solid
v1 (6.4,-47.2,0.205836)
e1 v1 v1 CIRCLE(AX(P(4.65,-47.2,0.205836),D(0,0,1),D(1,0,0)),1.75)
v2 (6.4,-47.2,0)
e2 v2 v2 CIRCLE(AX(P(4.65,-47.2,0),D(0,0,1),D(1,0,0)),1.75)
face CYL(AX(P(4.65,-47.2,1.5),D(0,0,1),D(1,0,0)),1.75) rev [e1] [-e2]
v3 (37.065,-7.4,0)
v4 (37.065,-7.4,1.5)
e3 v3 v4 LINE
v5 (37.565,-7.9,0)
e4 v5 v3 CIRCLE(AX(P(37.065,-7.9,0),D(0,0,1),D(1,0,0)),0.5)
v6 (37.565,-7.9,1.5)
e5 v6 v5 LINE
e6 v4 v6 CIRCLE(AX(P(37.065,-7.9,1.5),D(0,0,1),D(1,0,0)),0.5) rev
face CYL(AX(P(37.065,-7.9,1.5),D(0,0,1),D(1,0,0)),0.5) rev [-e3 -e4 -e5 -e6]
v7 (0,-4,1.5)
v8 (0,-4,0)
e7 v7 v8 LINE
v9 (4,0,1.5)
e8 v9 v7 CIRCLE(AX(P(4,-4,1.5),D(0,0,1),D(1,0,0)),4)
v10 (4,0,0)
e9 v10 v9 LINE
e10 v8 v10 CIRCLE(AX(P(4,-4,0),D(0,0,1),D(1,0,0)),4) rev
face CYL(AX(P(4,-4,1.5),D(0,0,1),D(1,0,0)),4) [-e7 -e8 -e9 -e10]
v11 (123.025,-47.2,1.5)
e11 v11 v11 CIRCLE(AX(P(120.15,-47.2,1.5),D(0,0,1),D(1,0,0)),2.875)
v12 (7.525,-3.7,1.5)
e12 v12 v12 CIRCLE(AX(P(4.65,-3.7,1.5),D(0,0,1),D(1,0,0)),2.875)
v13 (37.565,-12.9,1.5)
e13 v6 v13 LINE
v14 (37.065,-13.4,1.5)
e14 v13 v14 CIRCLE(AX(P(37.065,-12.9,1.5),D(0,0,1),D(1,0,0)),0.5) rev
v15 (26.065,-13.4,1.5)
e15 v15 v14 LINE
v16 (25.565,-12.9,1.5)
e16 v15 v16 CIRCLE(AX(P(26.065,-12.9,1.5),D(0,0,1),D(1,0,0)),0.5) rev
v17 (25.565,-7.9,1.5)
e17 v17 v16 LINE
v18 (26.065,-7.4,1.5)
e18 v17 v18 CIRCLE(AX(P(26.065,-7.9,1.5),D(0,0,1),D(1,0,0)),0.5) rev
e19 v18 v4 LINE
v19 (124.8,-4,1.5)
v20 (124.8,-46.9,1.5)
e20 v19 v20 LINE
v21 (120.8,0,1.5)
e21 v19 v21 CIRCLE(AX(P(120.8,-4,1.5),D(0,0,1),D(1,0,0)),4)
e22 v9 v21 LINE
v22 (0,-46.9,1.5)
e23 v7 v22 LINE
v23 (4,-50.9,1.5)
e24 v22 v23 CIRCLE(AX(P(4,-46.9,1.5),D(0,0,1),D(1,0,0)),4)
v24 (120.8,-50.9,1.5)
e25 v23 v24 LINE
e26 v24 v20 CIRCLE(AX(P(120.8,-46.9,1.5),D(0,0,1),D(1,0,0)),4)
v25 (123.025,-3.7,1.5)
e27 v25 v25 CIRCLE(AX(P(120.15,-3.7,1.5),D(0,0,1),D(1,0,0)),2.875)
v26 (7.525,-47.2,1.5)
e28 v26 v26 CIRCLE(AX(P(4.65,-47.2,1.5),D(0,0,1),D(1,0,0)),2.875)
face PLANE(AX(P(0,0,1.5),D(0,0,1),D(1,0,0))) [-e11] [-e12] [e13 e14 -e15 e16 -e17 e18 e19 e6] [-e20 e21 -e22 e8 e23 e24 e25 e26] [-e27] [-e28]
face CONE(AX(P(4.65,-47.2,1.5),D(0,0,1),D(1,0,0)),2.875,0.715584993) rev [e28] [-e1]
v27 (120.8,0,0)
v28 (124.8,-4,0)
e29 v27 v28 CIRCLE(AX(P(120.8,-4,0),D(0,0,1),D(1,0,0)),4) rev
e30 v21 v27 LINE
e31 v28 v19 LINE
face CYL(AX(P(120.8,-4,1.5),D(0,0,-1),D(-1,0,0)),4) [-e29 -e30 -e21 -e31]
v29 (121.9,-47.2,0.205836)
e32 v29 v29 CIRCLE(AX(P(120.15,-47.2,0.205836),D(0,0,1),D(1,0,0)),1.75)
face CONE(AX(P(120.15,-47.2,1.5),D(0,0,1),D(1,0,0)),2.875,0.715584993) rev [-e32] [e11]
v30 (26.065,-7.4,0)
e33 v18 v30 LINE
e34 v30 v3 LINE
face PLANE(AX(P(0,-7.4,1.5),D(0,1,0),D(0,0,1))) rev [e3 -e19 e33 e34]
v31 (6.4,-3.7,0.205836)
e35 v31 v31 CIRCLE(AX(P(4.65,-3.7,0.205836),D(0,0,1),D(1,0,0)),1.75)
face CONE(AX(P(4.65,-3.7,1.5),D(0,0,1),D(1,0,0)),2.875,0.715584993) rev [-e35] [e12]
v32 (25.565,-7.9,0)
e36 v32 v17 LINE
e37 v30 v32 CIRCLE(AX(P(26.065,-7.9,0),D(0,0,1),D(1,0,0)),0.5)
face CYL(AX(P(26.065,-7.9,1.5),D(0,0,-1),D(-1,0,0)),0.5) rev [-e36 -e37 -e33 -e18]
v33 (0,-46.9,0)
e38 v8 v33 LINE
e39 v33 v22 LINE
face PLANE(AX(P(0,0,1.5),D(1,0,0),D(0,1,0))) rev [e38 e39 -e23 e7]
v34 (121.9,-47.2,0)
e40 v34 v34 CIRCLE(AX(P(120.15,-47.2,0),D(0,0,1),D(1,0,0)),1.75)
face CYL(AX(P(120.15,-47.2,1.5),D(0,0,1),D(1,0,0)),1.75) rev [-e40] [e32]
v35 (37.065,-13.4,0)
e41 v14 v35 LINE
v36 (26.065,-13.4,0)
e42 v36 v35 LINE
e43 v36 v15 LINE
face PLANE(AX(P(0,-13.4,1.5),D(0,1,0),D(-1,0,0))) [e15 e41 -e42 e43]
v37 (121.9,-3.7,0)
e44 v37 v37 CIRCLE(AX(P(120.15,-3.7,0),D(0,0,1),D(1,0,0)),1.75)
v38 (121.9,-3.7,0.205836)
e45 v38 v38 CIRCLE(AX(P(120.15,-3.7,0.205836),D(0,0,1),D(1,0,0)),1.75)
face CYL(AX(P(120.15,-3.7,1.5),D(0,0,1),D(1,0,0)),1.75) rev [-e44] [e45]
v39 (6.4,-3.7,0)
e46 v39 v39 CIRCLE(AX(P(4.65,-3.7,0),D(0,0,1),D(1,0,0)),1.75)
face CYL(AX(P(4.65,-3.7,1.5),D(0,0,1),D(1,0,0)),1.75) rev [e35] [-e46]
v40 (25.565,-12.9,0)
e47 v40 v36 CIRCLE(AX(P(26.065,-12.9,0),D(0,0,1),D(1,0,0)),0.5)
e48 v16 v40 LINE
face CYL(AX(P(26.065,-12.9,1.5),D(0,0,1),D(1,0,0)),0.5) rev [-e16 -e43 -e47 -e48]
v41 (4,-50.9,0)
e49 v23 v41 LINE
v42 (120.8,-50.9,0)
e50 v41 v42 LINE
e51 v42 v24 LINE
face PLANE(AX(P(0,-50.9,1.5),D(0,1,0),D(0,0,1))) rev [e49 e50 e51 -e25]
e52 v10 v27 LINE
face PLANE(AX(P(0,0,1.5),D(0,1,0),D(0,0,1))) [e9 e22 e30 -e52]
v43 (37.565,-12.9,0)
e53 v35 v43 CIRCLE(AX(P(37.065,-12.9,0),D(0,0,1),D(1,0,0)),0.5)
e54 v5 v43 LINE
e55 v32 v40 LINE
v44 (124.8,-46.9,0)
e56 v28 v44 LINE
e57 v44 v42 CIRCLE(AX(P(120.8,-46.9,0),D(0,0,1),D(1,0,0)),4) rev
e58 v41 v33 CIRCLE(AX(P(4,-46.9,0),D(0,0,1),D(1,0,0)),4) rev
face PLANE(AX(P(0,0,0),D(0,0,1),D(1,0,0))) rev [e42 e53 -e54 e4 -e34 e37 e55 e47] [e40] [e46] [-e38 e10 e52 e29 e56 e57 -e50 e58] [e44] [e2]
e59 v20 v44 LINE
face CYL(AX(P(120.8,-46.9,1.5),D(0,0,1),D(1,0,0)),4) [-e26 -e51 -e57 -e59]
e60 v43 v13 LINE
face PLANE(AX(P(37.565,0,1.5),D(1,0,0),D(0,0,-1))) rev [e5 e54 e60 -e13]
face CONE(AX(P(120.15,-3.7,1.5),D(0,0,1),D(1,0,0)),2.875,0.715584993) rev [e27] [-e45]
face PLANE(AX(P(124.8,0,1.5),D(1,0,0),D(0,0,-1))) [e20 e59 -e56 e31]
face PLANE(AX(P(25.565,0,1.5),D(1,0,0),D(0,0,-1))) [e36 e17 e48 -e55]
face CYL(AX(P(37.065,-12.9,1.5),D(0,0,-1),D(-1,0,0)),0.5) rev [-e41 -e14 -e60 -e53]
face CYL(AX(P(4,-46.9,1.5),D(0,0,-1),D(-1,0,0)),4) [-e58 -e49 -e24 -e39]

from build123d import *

# Parameters (mm, degrees)
SKETCH1_W                                      = 124.8
SKETCH1_H                                      = 50.9
SKETCH1_W_2                                    = 12
SKETCH1_H_2                                    = 6
BOSS_EXTRUDE1_DEPTH                            = 1.5
CSK_FOR_M3_5_FLAT_HEAD_MACHINE_SCREW1_AT_COUNT = 2
CSK_FOR_M3_5_FLAT_HEAD_MACHINE_SCREW1_AT_PITCH = 115.5
CSK_FOR_M3_5_FLAT_HEAD_MACHINE_SCREW_2_COUNT   = 2
CSK_FOR_M3_5_FLAT_HEAD_MACHINE_SCREW_2_PITCH   = 123.420014584
CSK_FOR_M3_5_FLAT_HEAD_MACHINE_SCREW_3_COUNT   = 2
CSK_FOR_M3_5_FLAT_HEAD_MACHINE_SCREW_3_PITCH   = 43.5
FILLET2_R                                      = 4
FILLET3_R                                      = 0.5


with BuildPart() as part:
    # Sketch1 → Boss-Extrude1 (new body)
    with BuildSketch(Plane.XY):
        with Locations((62.4, -25.45)):
            Rectangle(SKETCH1_W, SKETCH1_H)
        with Locations((31.565, -10.4)):
            Rectangle(SKETCH1_W_2, SKETCH1_H_2, mode=Mode.SUBTRACT)
    extrude(amount=BOSS_EXTRUDE1_DEPTH)

    # Sketch2 → CSK for M3.5 Flat Head Machine Screw1 (revolve, cut)
    with BuildSketch(Plane(origin=(4.65, -3.7, 1.5), x_dir=(0, -1, 0), z_dir=(1, 0, 0))):
        Polygon((0, 0), (0, 1.5), (1.75, 1.5), (1.75, 1.294164458), (2.875, 0), align=None)
    csk_for_m3_5_flat_head_machine_screw1 = revolve(axis=Axis((4.65, -3.7, 7.85), (0, 0, -1)), mode=Mode.SUBTRACT)

    # CSK for M3.5 Flat Head Machine Screw1 at: CSK for M3.5 Flat Head Machine Screw1 ×2
    with Locations(*[(i * CSK_FOR_M3_5_FLAT_HEAD_MACHINE_SCREW1_AT_PITCH, 0, 0) for i in range(1, CSK_FOR_M3_5_FLAT_HEAD_MACHINE_SCREW1_AT_COUNT)]):
        add(csk_for_m3_5_flat_head_machine_screw1, mode=Mode.SUBTRACT)

    # CSK for M3.5 Flat Head Machine Screw 2: CSK for M3.5 Flat Head Machine Screw1 ×2
    with Locations(*[Vector(0.935828766, -0.35245499, 0) * (i * CSK_FOR_M3_5_FLAT_HEAD_MACHINE_SCREW_2_PITCH) for i in range(1, CSK_FOR_M3_5_FLAT_HEAD_MACHINE_SCREW_2_COUNT)]):
        add(csk_for_m3_5_flat_head_machine_screw1, mode=Mode.SUBTRACT)

    # CSK for M3.5 Flat Head Machine Screw 3: CSK for M3.5 Flat Head Machine Screw1 ×2
    with Locations(*[(0, -i * CSK_FOR_M3_5_FLAT_HEAD_MACHINE_SCREW_3_PITCH, 0) for i in range(1, CSK_FOR_M3_5_FLAT_HEAD_MACHINE_SCREW_3_COUNT)]):
        add(csk_for_m3_5_flat_head_machine_screw1, mode=Mode.SUBTRACT)

    # Fillet2
    fillet2_edges = [part.edges().sort_by_distance(p)[0] for p in [
        (124.8, -50.9, 0.75),
        (0, -50.9, 0.75),
        (0, 0, 0.75),
        (124.8, 0, 0.75),
    ]]
    fillet(fillet2_edges, radius=FILLET2_R)

    # Fillet3
    fillet3_edges = [part.edges().sort_by_distance(p)[0] for p in [
        (25.565, -7.4, 0.75),
        (25.565, -13.4, 0.75),
        (37.565, -13.4, 0.75),
        (37.565, -7.4, 0.75),
    ]]
    fillet(fillet3_edges, radius=FILLET3_R)


solid = part.part
